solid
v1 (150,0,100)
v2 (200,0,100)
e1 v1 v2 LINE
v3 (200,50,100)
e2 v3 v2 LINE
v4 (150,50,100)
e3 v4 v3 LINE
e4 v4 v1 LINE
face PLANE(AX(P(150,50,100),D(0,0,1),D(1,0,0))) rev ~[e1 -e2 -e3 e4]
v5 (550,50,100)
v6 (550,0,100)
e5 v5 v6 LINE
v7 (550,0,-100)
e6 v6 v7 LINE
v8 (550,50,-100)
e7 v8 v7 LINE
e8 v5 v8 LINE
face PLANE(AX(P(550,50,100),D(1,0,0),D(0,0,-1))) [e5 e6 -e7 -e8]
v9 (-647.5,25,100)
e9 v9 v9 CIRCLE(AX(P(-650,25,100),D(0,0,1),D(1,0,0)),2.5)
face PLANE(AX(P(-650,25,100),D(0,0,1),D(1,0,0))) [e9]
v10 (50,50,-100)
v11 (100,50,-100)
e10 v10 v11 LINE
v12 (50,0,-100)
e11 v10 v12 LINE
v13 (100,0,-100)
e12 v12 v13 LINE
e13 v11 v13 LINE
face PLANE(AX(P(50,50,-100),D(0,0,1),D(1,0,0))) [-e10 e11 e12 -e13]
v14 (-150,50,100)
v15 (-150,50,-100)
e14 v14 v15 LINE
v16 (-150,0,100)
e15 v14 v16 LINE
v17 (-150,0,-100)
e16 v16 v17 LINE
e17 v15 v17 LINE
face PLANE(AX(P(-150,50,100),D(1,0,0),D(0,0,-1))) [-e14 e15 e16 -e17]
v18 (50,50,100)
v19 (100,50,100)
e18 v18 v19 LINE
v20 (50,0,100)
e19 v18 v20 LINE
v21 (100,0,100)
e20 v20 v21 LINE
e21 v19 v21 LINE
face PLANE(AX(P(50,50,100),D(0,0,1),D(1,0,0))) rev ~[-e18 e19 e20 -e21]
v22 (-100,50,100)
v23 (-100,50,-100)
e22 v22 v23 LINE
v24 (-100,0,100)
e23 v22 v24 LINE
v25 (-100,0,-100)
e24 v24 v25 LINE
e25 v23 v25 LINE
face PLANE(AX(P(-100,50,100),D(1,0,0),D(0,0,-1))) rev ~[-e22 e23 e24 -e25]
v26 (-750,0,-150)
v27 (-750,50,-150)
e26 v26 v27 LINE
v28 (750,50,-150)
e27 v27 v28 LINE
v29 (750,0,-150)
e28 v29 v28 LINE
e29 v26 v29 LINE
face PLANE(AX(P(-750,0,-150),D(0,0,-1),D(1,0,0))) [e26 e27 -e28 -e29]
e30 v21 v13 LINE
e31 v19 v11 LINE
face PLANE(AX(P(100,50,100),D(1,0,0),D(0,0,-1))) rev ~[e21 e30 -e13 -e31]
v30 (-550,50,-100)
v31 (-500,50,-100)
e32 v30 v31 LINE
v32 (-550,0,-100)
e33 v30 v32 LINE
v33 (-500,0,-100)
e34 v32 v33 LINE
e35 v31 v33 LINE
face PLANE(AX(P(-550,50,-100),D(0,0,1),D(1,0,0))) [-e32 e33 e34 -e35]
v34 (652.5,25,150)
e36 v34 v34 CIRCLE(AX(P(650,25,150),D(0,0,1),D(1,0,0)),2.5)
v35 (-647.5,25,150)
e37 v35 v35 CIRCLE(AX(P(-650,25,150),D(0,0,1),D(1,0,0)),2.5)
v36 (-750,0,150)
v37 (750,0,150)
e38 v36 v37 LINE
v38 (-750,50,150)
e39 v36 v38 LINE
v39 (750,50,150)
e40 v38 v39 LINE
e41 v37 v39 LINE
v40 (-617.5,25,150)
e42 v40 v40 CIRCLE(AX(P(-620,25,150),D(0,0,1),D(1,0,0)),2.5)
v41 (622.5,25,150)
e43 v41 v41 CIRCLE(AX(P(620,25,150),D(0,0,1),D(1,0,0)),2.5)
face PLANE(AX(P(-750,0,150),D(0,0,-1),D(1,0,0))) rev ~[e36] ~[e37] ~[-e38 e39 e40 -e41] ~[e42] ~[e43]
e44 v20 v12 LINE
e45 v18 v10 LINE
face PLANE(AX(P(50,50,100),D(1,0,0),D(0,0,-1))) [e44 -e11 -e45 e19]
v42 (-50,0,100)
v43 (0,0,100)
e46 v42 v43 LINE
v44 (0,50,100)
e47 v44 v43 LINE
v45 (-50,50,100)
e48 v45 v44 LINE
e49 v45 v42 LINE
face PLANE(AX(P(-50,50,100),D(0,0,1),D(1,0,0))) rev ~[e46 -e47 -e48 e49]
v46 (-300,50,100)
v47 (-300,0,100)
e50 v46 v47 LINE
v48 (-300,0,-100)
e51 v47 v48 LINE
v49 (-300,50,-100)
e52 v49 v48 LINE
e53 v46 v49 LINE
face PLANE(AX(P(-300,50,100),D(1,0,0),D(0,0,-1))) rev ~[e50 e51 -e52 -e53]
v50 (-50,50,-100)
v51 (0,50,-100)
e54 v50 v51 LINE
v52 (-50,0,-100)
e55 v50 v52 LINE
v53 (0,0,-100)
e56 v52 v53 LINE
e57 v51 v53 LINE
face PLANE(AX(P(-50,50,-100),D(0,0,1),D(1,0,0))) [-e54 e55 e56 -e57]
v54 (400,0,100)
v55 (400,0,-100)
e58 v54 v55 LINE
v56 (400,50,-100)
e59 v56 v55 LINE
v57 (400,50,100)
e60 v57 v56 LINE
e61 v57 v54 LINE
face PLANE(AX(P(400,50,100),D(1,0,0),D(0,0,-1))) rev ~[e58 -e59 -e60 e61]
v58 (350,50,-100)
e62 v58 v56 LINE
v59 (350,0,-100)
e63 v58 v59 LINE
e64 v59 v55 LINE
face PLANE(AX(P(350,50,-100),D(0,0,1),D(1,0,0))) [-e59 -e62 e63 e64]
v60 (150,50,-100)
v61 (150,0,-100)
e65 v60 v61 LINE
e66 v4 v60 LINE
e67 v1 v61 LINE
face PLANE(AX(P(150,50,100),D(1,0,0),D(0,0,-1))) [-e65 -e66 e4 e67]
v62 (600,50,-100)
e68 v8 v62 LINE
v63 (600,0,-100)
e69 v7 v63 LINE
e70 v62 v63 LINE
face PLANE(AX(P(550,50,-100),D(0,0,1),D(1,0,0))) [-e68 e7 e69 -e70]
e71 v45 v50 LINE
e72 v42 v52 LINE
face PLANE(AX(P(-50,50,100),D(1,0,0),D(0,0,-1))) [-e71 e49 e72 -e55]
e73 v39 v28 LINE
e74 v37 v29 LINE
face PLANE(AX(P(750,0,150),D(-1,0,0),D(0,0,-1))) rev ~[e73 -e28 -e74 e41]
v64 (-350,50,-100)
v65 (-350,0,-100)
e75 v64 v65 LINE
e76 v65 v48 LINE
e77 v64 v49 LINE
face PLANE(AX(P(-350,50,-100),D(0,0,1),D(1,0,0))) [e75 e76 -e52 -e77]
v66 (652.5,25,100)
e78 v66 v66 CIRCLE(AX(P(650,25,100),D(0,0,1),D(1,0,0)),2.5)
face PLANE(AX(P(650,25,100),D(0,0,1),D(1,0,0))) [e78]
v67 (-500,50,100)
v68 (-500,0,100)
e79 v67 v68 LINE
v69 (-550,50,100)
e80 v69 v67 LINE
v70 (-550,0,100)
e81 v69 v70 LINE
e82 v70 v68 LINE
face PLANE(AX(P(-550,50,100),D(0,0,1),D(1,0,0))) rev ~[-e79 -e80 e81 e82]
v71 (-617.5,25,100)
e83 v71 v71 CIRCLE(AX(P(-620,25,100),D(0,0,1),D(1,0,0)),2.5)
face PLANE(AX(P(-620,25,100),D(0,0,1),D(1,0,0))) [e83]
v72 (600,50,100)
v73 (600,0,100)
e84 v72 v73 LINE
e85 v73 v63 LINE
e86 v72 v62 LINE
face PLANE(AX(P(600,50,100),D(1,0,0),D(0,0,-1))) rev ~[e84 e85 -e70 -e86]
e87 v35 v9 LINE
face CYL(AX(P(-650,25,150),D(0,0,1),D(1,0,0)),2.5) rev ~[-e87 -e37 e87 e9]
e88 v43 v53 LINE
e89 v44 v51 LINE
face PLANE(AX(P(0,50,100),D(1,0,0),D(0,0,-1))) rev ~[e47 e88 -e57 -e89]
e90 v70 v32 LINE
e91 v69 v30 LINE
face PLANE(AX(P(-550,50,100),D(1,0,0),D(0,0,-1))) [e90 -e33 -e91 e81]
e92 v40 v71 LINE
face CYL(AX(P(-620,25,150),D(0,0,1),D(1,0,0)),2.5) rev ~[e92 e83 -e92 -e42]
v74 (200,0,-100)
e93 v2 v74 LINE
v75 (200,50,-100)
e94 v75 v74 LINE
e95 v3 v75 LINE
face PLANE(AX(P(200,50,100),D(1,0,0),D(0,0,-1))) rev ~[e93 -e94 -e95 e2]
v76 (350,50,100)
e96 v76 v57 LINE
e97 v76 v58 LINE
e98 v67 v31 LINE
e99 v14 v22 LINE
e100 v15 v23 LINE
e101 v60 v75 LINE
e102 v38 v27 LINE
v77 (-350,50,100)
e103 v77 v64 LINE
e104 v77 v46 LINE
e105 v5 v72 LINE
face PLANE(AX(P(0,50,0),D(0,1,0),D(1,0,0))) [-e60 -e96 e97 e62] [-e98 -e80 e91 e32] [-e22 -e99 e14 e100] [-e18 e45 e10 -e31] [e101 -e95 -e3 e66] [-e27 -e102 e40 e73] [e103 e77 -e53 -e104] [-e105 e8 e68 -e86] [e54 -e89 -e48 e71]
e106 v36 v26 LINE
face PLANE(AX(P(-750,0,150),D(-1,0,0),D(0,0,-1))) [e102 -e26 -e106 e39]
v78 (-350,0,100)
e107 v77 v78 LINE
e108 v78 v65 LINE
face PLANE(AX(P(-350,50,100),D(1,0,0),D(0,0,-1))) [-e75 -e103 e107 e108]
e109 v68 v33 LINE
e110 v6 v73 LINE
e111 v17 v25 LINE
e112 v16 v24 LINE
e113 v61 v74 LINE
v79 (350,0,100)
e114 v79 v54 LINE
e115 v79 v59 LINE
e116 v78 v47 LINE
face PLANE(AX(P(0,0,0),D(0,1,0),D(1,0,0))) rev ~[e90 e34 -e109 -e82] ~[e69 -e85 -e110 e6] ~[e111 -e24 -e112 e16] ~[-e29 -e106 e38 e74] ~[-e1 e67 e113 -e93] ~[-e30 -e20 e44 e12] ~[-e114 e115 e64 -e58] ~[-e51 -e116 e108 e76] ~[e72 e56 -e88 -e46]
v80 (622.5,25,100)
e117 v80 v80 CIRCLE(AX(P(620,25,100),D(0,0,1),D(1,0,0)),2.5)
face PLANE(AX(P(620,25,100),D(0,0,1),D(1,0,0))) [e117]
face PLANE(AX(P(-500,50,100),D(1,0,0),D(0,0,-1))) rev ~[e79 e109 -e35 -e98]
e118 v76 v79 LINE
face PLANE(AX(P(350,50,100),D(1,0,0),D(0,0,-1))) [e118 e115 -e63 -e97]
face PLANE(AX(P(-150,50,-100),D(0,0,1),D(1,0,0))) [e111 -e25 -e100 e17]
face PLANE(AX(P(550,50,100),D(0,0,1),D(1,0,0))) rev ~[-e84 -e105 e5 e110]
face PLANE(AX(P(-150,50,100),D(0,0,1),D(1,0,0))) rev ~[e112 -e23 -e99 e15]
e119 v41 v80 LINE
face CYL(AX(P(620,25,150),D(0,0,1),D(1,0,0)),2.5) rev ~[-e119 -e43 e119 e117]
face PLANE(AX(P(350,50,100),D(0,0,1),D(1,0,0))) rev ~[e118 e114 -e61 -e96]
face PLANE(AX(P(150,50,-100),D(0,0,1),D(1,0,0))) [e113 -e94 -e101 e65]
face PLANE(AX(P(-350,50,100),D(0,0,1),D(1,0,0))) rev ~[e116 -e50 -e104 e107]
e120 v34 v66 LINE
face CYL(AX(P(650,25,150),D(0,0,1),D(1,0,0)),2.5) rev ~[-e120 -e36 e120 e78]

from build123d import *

# Parameters (mm, degrees)
SKETCH1_W           = 1500
SKETCH1_H           = 300
BOSS_EXTRUDE1_DEPTH = 50
SKETCH2_R           = 2.5
CUT_EXTRUDE1_DEPTH  = 50
SKETCH3_W           = 50
SKETCH3_H           = 200
CUT_EXTRUDE2_DEPTH  = 767.485485838


with BuildPart() as part:
    # Sketch1 → Boss-Extrude1 (new body)
    with BuildSketch(Plane(origin=(0, 0, 0), x_dir=(1, 0, 0), z_dir=(0, 1, 0))):
        Rectangle(SKETCH1_W, SKETCH1_H)
    extrude(amount=BOSS_EXTRUDE1_DEPTH)

    # Sketch2 → Cut-Extrude1 (cut)
    with BuildSketch(Plane.XY.offset(150)):
        with Locations((-650, 25)):
            Circle(SKETCH2_R)
        with Locations((-620, 25)):
            Circle(SKETCH2_R)
        with Locations((620, 25)):
            Circle(SKETCH2_R)
        with Locations((650, 25)):
            Circle(SKETCH2_R)
    extrude(amount=-CUT_EXTRUDE1_DEPTH, mode=Mode.SUBTRACT)

    # Sketch3 → Cut-Extrude2 (cut, through all)
    with BuildSketch(Plane(origin=(0, 50, 0), x_dir=(1, 0, 0), z_dir=(0, 1, 0))):
        with Locations((-525, 0)):
            Rectangle(SKETCH3_W, SKETCH3_H)
        with Locations((-325, 0)):
            Rectangle(SKETCH3_W, SKETCH3_H)
        with Locations((-125, 0)):
            Rectangle(SKETCH3_W, SKETCH3_H)
        with Locations((-25, 0)):
            Rectangle(SKETCH3_W, SKETCH3_H)
        with Locations((75, 0)):
            Rectangle(SKETCH3_W, SKETCH3_H)
        with Locations((175, 0)):
            Rectangle(SKETCH3_W, SKETCH3_H)
        with Locations((375, 0)):
            Rectangle(SKETCH3_W, SKETCH3_H)
        with Locations((575, 0)):
            Rectangle(SKETCH3_W, SKETCH3_H)
    extrude(amount=-CUT_EXTRUDE2_DEPTH, mode=Mode.SUBTRACT)


solid = part.part
